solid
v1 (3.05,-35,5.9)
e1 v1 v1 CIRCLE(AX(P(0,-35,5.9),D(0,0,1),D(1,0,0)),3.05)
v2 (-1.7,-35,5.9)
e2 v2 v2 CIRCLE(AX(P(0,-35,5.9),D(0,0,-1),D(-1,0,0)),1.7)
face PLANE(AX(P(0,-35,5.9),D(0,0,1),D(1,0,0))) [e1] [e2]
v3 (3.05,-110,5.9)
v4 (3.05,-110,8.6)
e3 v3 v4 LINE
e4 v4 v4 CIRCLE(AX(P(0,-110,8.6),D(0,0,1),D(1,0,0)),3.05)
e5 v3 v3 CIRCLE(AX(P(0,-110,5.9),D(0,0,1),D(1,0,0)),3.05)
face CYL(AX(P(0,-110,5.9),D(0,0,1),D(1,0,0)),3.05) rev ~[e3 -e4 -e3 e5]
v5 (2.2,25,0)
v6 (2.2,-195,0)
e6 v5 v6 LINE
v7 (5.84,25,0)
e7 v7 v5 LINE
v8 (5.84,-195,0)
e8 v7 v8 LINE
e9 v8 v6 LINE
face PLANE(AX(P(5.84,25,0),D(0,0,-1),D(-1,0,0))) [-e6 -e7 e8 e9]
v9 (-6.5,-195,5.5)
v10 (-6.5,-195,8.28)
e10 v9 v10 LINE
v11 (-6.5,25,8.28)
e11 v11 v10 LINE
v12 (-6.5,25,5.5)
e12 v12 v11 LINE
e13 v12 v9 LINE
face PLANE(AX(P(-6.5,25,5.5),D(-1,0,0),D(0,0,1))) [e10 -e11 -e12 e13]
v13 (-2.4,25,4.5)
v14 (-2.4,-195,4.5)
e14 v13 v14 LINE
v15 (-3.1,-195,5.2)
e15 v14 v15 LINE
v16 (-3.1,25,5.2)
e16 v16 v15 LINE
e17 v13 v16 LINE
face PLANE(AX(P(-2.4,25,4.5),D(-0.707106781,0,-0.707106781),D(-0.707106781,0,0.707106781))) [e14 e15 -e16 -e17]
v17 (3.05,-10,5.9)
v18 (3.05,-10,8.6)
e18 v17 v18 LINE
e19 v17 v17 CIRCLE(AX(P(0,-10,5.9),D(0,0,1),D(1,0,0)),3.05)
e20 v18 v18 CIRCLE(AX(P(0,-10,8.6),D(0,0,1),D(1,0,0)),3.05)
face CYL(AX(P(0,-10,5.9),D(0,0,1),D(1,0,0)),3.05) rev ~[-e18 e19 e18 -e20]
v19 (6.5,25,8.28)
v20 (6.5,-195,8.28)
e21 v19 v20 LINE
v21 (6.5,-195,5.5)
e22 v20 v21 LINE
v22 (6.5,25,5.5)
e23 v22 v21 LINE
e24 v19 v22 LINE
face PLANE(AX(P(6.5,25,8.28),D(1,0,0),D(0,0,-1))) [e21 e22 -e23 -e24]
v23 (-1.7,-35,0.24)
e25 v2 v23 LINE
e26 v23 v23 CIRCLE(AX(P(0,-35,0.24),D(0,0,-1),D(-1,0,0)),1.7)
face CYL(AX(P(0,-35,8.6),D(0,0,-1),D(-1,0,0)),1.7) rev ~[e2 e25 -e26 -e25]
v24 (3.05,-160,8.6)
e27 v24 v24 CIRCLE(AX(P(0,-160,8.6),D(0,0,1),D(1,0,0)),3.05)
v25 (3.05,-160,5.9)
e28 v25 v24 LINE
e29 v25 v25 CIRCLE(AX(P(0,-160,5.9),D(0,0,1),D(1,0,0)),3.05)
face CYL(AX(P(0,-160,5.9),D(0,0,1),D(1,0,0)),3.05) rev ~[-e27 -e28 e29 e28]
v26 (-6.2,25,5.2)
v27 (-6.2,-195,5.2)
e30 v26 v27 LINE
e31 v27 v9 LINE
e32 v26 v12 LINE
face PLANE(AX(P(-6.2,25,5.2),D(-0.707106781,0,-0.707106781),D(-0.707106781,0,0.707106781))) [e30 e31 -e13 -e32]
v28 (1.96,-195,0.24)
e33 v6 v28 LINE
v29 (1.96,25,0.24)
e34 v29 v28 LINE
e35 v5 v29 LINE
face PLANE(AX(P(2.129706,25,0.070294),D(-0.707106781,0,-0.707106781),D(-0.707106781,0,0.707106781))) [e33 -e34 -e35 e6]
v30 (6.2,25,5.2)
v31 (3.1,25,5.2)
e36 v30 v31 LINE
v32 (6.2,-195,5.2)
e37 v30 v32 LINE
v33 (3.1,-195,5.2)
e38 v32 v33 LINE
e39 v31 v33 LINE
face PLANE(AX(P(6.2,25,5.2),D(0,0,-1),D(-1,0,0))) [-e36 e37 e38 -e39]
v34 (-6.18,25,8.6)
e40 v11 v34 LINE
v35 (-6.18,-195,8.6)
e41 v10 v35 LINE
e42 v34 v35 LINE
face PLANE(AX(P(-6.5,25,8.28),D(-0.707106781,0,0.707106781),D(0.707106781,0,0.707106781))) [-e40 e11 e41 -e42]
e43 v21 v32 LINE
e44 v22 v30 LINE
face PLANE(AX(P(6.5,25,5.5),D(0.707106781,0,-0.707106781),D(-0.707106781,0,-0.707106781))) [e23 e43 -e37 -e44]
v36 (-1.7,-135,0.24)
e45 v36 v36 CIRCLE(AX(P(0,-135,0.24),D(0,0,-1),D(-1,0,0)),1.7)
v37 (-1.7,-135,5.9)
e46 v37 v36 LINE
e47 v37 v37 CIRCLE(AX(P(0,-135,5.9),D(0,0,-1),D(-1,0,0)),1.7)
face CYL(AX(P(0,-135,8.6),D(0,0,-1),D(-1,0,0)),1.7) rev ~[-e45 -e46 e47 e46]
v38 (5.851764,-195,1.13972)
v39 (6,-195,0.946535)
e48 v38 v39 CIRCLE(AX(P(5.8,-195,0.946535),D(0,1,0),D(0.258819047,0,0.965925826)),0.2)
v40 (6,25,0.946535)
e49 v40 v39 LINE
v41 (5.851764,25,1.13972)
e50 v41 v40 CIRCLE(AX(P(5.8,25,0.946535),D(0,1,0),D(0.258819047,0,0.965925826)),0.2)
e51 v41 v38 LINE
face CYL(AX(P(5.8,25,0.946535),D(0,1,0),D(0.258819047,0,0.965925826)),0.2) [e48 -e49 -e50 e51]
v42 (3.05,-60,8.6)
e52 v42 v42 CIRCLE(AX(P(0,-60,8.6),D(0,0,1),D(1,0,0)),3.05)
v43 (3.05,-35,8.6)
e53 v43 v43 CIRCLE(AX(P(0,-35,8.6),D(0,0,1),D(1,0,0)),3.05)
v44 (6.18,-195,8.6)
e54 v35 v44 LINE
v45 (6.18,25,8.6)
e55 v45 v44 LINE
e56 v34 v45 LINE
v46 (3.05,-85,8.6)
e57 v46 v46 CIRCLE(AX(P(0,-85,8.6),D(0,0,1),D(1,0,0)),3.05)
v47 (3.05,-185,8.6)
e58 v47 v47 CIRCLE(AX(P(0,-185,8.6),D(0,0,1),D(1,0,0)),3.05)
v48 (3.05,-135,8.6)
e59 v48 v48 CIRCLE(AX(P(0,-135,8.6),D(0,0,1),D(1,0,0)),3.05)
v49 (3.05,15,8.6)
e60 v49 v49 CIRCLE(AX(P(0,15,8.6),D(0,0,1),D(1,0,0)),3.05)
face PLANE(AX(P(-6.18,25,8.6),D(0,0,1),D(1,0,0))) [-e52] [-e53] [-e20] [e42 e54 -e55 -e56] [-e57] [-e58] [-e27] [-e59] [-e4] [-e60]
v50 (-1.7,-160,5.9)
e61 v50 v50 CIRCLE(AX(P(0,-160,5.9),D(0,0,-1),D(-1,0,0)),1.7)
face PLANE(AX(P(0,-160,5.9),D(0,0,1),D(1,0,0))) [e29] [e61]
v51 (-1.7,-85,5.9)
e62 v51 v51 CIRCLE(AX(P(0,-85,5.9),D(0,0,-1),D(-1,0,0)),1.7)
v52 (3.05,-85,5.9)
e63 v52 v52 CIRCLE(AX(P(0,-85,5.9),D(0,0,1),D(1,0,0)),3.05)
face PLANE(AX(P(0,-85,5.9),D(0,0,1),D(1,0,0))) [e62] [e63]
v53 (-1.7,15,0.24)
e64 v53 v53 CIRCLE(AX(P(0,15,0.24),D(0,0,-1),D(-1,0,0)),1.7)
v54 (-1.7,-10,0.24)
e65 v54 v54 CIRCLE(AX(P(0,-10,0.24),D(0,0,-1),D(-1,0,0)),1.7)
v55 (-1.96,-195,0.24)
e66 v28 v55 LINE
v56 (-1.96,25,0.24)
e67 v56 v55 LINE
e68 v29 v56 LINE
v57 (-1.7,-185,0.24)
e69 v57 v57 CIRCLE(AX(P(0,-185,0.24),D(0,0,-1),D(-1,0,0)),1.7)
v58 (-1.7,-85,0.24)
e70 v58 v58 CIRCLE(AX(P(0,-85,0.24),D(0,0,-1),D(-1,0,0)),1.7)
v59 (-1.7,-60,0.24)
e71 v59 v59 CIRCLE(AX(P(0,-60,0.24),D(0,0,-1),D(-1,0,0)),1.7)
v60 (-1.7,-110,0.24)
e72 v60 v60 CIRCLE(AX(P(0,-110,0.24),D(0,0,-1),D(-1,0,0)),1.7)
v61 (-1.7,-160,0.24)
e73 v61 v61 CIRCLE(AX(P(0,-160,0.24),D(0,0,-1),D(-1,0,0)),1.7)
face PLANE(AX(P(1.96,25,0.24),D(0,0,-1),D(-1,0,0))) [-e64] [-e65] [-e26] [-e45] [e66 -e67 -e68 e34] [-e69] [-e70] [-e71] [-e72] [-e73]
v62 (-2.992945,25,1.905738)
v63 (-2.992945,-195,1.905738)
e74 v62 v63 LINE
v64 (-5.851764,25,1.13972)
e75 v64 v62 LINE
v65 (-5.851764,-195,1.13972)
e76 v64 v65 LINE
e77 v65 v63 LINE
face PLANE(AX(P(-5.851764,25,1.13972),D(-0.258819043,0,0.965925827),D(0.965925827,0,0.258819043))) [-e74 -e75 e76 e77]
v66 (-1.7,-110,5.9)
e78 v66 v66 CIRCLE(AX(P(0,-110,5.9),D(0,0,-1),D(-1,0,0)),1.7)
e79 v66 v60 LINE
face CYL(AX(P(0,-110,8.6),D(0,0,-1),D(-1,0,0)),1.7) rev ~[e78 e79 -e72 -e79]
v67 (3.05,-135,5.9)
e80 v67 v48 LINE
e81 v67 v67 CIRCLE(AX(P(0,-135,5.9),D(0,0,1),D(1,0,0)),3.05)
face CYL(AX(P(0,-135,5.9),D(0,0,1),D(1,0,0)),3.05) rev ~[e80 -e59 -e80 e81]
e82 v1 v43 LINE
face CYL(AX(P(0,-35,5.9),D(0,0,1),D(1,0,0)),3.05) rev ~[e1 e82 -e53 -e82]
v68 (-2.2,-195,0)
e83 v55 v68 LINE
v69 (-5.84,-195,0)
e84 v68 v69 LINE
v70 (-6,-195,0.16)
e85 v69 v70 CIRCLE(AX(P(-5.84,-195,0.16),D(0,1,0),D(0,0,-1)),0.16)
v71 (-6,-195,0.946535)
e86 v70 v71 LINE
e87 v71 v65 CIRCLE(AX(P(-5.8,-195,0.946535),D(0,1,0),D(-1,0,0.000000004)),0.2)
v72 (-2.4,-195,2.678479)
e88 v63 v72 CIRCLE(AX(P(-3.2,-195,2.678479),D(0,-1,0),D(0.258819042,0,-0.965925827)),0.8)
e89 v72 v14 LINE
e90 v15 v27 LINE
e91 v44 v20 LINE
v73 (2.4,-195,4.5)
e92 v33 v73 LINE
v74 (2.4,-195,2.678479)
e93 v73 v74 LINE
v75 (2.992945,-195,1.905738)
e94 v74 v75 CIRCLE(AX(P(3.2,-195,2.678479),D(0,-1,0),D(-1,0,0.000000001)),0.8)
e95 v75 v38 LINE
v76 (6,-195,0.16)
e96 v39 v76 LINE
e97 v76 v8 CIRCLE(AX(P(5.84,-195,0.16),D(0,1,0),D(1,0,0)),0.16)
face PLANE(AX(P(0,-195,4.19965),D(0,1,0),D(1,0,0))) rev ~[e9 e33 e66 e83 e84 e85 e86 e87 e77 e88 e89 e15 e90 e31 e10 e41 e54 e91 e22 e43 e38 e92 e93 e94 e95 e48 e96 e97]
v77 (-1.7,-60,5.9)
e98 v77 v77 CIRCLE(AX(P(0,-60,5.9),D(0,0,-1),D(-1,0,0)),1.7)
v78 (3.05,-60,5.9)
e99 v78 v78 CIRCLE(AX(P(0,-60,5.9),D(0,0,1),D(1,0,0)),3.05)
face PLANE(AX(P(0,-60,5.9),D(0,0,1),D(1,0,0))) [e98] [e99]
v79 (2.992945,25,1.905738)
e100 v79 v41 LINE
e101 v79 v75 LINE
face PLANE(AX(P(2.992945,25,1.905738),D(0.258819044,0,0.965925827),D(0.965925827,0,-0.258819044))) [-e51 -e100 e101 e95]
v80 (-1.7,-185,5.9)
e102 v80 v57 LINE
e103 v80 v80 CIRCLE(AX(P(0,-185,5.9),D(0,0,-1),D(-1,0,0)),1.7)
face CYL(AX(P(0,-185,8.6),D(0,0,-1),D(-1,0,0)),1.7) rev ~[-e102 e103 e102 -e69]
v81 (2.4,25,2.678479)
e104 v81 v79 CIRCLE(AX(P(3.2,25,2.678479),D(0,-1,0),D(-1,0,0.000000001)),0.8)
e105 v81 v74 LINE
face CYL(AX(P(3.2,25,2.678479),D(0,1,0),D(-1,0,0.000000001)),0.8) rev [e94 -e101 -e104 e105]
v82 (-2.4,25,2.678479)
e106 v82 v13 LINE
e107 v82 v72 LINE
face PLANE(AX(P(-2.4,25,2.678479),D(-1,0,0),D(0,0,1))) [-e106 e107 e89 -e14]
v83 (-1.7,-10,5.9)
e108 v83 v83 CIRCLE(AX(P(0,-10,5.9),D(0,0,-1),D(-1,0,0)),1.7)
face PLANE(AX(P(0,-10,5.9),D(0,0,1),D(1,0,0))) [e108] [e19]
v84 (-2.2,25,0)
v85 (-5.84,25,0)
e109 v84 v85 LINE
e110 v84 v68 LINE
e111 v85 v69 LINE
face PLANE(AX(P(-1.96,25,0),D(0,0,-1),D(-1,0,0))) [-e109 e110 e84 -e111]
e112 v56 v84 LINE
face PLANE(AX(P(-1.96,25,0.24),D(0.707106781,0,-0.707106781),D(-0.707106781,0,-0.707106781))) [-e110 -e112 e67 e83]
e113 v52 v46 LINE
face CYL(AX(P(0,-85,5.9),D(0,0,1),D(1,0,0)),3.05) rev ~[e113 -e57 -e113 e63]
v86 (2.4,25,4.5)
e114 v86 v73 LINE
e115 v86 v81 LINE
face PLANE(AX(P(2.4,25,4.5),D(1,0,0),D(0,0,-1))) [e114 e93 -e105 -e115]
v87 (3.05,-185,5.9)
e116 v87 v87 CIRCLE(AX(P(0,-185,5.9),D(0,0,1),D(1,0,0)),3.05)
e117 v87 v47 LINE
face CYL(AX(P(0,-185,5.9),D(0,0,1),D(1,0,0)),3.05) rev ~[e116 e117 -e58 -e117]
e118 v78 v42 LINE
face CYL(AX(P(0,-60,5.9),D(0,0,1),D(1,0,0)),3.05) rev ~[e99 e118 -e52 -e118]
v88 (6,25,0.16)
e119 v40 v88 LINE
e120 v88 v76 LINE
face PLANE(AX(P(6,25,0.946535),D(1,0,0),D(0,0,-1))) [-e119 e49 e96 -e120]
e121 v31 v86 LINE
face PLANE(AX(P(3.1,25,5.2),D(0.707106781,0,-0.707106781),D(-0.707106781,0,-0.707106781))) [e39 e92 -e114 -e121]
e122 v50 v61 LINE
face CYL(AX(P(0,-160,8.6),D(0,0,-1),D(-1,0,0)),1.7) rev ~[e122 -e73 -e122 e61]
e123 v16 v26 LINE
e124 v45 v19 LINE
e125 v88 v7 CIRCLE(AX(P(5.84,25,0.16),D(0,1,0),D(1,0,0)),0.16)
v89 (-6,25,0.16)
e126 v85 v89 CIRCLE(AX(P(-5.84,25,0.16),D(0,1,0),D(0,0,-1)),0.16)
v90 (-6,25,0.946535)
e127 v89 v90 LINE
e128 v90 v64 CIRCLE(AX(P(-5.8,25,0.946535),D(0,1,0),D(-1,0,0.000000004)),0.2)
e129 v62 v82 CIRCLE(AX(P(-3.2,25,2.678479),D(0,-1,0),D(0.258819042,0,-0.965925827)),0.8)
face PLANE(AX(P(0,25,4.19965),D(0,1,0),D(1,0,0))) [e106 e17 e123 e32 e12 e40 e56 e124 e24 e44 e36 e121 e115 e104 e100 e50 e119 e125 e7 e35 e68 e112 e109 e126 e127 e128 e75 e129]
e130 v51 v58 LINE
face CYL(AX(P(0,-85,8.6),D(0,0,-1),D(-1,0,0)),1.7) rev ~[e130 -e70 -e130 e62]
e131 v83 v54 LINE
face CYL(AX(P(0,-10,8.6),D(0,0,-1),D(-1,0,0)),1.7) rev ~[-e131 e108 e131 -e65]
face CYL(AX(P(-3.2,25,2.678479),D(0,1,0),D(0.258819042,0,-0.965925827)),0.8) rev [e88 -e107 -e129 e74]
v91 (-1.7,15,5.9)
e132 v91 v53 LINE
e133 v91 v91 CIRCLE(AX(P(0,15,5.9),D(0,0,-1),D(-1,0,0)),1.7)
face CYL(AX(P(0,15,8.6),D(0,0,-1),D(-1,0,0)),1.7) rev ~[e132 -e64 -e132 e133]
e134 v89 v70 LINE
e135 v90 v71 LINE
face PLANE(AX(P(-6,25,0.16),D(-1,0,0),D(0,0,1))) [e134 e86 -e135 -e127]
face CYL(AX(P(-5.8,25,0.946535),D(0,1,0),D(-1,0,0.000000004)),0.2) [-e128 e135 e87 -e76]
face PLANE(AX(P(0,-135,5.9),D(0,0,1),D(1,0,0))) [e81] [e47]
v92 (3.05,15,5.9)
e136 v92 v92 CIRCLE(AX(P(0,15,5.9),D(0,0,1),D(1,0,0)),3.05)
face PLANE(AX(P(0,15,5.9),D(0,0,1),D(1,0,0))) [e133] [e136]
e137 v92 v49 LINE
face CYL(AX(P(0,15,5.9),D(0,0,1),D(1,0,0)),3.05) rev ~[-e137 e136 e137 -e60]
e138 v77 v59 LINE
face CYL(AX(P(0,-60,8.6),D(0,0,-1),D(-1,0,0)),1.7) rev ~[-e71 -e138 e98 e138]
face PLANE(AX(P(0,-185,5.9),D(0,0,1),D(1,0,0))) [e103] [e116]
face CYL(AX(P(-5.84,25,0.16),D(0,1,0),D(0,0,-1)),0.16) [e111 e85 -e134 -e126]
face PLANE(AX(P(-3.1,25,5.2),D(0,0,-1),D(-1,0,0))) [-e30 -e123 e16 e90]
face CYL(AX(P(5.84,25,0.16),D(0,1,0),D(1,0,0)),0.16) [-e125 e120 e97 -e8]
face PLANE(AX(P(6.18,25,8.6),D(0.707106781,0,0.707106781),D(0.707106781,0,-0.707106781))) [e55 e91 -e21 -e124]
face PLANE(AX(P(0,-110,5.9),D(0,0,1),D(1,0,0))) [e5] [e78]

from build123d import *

# Parameters (mm, degrees)
AUFSATZ_LINEAR_AUSTRAGEN1_DEPTH                     = 220
STIRNSENKUNG_F_R_M3_SECHSKANTSCHRAUBE_G_D           = 3.4
STIRNSENKUNG_F_R_M3_SECHSKANTSCHRAUBE_G_CBORE_D     = 6.1
STIRNSENKUNG_F_R_M3_SECHSKANTSCHRAUBE_G_CBORE_DEPTH = 2.7
FORMSCHR_GE1_ANGLE                                  = 45


with BuildPart() as part:
    # Skizze1 → Aufsatz-Linear austragen1 (new body)
    with BuildSketch(Plane(origin=(0, 25, 0), x_dir=(1, 0, 0), z_dir=(0, 1, 0))):
        with BuildLine():
            Line((1.959999996, -0.240000001), (-1.960000004, -0.240000001))
            Line((-1.960000004, -0.240000001), (-1.960000004, -1e-09))
            Line((-1.960000004, -1e-09), (-5.840000004, -1e-09))
            ThreePointArc((-5.840000004, -1e-09), (-5.953137089, -0.046862916), (-6.000000004, -0.160000001))
            Line((-6.000000004, -0.160000001), (-6.000000004, -0.946534601))
            ThreePointArc((-6.000000004, -0.946534601), (-5.958670671, -1.068286889), (-5.85176381, -1.13971977))
            Line((-5.85176381, -1.13971977), (-2.992944765, -1.905738019))
            ThreePointArc((-2.992944765, -1.905738019), (-2.565317328, -2.191469536), (-2.4, -2.67847868))
            Line((-2.4, -2.67847868), (-2.4, -4.5))
            Line((-2.4, -4.5), (-3.1, -5.2))
            Line((-3.1, -5.2), (-6.2, -5.2))
            Line((-6.2, -5.2), (-6.5, -5.5))
            Line((-6.5, -5.5), (-6.5, -8.28))
            Line((-6.5, -8.28), (-6.18, -8.6))
            Line((-6.18, -8.6), (6.18, -8.6))
            Line((6.18, -8.6), (6.5, -8.28))
            Line((6.5, -8.28), (6.5, -5.5))
            Line((6.5, -5.5), (6.2, -5.2))
            Line((6.2, -5.2), (3.1, -5.2))
            Line((3.1, -5.2), (2.4, -4.5))
            Line((2.4, -4.5), (2.4, -2.67847868))
            ThreePointArc((2.4, -2.67847868), (2.565317328, -2.191469536), (2.992944765, -1.905738019))
            Line((2.992944765, -1.905738019), (5.851763809, -1.139719768))
            ThreePointArc((5.851763809, -1.139719768), (5.958670669, -1.068286888), (6.000000002, -0.946534601))
            Line((6.000000002, -0.946534601), (6.000000002, -0.160000001))
            ThreePointArc((6.000000002, -0.160000001), (5.953137087, -0.046862916), (5.840000002, -1e-09))
            Line((5.840000002, -1e-09), (1.959999996, -1e-09))
            Line((1.959999996, -1e-09), (1.959999996, -0.240000001))
        make_face()
    extrude(amount=-AUFSATZ_LINEAR_AUSTRAGEN1_DEPTH)

    # Stirnsenkung für M3 Sechskantschraube, Gewinde bis Kopf1 (through all)
    with Locations(Plane.XY.offset(8.6)):
        with Locations((0, -85), (0, -60), (0, -35), (0, -10), (0, 15), (0, -110), (0, -135), (0, -160), (0, -185)):
            CounterBoreHole(STIRNSENKUNG_F_R_M3_SECHSKANTSCHRAUBE_G_D / 2, STIRNSENKUNG_F_R_M3_SECHSKANTSCHRAUBE_G_CBORE_D / 2, STIRNSENKUNG_F_R_M3_SECHSKANTSCHRAUBE_G_CBORE_DEPTH)

    # Formschräge1
    formschr_ge1_faces = [part.faces().sort_by_distance(p)[0] for p in [
        (-1.960000004, -85, 0.120000001),
        (1.959999996, -85, 0.120000001),
    ]]
    draft(formschr_ge1_faces, Plane(origin=(1.959999996, -195, 0.240000001), x_dir=(-1, 0, 0), z_dir=(0, 0, -1)), FORMSCHR_GE1_ANGLE)


solid = part.part
